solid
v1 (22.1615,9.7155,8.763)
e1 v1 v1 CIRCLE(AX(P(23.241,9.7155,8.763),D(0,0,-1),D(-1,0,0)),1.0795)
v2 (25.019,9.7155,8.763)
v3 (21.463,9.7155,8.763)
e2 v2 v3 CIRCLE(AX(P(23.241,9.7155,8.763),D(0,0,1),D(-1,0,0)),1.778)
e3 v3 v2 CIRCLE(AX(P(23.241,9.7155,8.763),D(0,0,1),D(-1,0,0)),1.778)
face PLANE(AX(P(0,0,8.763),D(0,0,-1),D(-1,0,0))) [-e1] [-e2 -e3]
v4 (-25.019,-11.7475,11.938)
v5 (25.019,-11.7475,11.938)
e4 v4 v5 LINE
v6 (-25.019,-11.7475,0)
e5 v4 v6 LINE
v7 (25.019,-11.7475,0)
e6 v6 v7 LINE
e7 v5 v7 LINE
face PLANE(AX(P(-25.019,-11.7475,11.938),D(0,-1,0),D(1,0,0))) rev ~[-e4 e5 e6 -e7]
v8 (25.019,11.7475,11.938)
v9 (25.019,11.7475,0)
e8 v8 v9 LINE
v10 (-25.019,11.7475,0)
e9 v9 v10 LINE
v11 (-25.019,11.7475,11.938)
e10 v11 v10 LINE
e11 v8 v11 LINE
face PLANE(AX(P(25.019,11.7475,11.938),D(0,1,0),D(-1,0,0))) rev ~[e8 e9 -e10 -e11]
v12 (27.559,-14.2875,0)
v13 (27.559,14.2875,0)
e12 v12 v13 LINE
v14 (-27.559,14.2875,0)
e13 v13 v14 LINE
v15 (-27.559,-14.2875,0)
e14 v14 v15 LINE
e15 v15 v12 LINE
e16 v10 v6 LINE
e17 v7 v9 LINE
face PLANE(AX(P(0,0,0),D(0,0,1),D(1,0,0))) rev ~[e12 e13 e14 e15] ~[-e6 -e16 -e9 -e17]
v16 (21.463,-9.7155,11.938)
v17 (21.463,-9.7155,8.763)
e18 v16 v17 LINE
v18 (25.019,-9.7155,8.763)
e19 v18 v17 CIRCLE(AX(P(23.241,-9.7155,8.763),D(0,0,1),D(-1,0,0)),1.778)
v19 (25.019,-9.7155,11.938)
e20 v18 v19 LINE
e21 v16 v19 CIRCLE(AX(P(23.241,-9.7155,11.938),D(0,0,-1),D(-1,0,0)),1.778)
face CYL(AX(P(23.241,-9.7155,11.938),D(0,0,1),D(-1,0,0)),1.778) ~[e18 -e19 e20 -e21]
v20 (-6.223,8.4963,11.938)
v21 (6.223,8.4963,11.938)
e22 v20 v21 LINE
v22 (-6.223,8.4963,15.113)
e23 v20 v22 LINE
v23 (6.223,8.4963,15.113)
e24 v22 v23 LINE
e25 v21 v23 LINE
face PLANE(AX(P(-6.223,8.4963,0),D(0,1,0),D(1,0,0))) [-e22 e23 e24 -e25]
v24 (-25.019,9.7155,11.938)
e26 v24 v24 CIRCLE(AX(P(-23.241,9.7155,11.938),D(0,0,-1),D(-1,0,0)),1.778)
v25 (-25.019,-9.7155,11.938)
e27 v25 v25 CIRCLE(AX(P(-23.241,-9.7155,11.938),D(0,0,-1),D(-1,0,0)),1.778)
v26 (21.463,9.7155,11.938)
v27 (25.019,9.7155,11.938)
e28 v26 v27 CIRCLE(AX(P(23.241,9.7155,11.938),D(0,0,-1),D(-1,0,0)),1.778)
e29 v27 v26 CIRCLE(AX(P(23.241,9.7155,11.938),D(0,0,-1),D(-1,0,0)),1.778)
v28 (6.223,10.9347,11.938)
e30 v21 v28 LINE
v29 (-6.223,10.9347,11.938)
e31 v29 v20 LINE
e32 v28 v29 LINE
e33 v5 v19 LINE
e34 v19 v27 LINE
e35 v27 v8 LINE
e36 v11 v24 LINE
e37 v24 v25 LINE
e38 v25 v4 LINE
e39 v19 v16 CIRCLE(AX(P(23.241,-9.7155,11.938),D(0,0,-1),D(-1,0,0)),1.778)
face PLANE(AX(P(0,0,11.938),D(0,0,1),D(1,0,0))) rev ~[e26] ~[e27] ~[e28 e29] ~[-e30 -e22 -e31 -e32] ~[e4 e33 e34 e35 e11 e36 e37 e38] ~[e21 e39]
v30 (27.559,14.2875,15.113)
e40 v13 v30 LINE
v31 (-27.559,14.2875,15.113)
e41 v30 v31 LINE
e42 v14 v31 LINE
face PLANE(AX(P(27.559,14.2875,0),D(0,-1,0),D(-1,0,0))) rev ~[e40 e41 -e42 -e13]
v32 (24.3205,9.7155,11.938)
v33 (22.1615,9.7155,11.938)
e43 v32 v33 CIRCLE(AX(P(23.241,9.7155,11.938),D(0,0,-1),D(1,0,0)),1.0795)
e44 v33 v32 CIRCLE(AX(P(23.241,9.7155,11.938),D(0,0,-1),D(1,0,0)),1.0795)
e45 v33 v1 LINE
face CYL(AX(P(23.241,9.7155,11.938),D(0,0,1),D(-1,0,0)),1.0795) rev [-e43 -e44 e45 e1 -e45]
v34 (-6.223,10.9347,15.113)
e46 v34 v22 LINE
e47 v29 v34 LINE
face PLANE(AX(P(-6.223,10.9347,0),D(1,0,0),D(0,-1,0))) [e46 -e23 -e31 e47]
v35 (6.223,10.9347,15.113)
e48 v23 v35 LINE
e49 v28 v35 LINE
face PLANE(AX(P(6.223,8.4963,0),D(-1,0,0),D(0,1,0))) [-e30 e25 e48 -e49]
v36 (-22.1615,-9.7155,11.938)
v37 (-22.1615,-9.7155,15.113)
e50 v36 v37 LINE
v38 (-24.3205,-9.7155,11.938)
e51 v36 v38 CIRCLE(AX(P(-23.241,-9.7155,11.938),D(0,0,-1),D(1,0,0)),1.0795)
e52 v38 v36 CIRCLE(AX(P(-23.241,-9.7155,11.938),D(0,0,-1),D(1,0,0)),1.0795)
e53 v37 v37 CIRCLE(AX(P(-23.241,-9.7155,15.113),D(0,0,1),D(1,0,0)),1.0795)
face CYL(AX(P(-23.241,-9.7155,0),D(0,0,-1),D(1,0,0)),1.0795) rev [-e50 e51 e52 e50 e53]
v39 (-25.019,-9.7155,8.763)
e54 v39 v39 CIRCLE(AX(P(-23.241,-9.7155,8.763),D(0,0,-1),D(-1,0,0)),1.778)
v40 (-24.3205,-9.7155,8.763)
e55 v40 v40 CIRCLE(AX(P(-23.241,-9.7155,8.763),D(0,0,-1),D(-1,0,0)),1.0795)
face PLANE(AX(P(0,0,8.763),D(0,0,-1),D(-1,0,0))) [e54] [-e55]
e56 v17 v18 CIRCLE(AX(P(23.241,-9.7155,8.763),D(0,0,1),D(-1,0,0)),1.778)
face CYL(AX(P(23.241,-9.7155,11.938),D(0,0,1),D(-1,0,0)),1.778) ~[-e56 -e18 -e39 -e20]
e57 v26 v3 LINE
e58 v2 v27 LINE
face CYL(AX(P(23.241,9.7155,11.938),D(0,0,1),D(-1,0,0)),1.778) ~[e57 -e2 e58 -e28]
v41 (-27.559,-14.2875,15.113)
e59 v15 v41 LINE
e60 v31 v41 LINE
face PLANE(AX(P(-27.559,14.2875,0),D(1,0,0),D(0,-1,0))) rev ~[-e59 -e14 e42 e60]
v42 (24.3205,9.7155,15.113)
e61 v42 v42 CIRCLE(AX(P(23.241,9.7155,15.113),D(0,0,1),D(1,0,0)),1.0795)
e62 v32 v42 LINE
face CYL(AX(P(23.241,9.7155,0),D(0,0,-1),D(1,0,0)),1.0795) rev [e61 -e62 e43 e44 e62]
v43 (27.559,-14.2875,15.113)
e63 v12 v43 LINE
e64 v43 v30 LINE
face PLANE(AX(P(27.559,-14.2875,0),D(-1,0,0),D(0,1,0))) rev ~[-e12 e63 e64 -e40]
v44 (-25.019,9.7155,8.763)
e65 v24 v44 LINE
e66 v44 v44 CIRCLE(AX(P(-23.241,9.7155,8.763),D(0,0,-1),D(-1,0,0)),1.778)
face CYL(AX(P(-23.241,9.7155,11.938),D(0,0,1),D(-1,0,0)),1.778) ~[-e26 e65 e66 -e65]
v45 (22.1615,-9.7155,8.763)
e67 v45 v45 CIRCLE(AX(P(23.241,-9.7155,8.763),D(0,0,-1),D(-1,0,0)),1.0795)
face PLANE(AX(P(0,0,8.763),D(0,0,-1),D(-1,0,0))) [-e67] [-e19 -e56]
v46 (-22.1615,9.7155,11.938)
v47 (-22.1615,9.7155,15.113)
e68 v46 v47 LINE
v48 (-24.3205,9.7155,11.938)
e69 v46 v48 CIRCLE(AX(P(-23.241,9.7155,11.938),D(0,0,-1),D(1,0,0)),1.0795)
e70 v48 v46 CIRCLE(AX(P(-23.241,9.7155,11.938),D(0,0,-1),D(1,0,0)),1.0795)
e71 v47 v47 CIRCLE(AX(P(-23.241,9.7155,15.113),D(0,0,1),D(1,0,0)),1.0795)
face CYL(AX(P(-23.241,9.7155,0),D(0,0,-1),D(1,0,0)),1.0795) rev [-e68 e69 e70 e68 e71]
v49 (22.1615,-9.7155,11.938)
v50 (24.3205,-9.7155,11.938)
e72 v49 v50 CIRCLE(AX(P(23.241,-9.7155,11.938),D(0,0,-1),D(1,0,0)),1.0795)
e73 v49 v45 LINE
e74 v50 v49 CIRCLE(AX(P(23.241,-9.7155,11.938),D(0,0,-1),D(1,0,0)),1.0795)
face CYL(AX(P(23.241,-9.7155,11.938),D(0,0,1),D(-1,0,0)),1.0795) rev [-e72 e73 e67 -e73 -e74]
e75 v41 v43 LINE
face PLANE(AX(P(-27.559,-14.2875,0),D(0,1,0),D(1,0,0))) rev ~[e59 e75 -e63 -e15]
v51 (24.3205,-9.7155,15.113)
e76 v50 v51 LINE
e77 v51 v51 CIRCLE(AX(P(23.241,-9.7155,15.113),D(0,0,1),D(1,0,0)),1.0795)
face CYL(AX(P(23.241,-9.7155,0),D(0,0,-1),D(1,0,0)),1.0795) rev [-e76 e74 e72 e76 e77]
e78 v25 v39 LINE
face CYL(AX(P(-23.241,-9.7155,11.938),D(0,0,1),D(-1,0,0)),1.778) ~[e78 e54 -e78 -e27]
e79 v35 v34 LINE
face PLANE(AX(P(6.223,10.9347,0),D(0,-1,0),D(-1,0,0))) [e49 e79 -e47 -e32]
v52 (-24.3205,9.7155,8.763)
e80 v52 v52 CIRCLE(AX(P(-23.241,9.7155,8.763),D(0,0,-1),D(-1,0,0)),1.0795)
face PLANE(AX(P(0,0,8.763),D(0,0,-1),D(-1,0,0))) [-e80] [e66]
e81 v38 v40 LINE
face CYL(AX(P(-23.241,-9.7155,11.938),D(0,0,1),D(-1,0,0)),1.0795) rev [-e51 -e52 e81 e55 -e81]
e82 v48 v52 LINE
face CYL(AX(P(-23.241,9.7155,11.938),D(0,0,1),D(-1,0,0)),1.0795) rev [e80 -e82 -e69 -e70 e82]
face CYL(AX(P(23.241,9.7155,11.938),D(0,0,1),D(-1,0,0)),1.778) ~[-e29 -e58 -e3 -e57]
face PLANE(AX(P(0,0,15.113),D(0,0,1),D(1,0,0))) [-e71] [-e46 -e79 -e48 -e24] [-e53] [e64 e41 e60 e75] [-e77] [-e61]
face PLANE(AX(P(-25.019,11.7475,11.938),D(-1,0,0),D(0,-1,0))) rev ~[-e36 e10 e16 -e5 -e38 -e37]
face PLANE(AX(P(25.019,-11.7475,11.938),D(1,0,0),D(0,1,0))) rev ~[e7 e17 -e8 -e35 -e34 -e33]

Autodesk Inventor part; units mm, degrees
ref_plane "YZ Plane" through (0, 0, 0) normal (1, 0, 0) x (0, 1, 0)
ref_plane "XZ Plane" through (0, 0, 0) normal (0, 1, 0) x (-1, 0, 0)
sketch "Sketch1" plane through (0, 0, 0) normal (0, 0, 1) x (1, 0, 0)
  line L0 (-27.559, -14.2875) -> (27.559, -14.2875)
  line L1 (27.559, -14.2875) -> (27.559, 14.2875)
  line L2 (27.559, 14.2875) -> (-27.559, 14.2875)
  line L3 (-27.559, 14.2875) -> (-27.559, -14.2875)
  line L4 (-27.559, -14.2875) -> (27.559, 14.2875) construction
  line L5 (27.559, -14.2875) -> (-27.559, 14.2875) construction
  line L6 (0, 0) -> (0, 51.7616) construction
  line L7 (-6.223, 8.4963) -> (6.223, 8.4963)
  line L8 (6.223, 8.4963) -> (6.223, 10.9347)
  line L9 (6.223, 10.9347) -> (-6.223, 10.9347)
  line L10 (-6.223, 10.9347) -> (-6.223, 8.4963)
  line L11 (-6.223, 8.4963) -> (6.223, 10.9347) construction
  line L12 (6.223, 8.4963) -> (-6.223, 10.9347) construction
  circle A0 centre (-23.241, 9.7155) radius 1.0795
  circle A1 centre (23.241, 9.7155) radius 1.0795
  circle A2 centre (-23.241, -9.7155) radius 1.0795
  circle A3 centre (23.241, -9.7155) radius 1.0795
  point P0 (0, 9.7155)
  dimension "d0" = 55.118
  dimension "d1" = 28.575
  dimension "d2" = 12.446
  dimension "d3" = 2.4384
  dimension "d11" = 4.572
  dimension "d12" = 2.159
  dimension "d13" = 2.159
  dimension "d14" = 4.318
  dimension "d15" = 4.318
  dimension "d16" = 2.159
  dimension "d17" = 4.572
  dimension "d18" = 2.159
ref_plane "Work Plane1" through (0, 0, 11.938) normal (0, 0, 1) x (1, 0, 0)
sketch "Sketch2" plane through (0, 0, 11.938) normal (0, 0, 1) x (1, 0, 0)
  line L0 (-25.019, -11.7475) -> (25.019, -11.7475)
  line L1 (25.019, -11.7475) -> (25.019, 11.7475)
  line L2 (25.019, 11.7475) -> (-25.019, 11.7475)
  line L3 (-25.019, 11.7475) -> (-25.019, -11.7475)
  line L4 (-25.019, -11.7475) -> (25.019, 11.7475) construction
  line L5 (25.019, -11.7475) -> (-25.019, 11.7475) construction
  line L6 (27.559, 14.2875) -> (-27.559, 14.2875) projected
  line L7 (-27.559, 14.2875) -> (-27.559, -14.2875) projected
  point P0 (0, 0)
  dimension "d7" = 2.54
  dimension "d8" = 2.54
extrude "Extrusion3" add sketch "Sketch1" along normal blind 15.113
ref_plane "Work Plane2" through (0, 0, 2.54) normal (0, 0, 1) x (1, 0, 0)
extrude "Extrusion6" cut sketch "Sketch2" against normal blind 12.573
sketch "Sketch4" plane through (0, 0, 11.938) normal (0, 0, -1) x (-1, 0, 0)
  circle A0 centre (-23.241, 9.7155) radius 1.0795 projected
  circle A1 centre (-23.241, 9.7155) radius 1.0795
  circle A2 centre (-23.241, 9.7155) radius 1.778
  line L0 (-25.019, -11.7475) -> (-25.019, 11.7475) projected
  circle A3 centre (23.241, 9.7155) radius 1.0795 projected
  circle A4 centre (23.241, 9.7155) radius 1.0795
  circle A5 centre (23.241, 9.7155) radius 1.778
  line L1 (25.019, 11.7475) -> (25.019, -11.7475) projected
  circle A6 centre (23.241, -9.7155) radius 1.0795 projected
  circle A7 centre (23.241, -9.7155) radius 1.0795
  circle A8 centre (23.241, -9.7155) radius 1.778
  circle A9 centre (-23.241, -9.7155) radius 1.0795 projected
  circle A10 centre (-23.241, -9.7155) radius 1.0795
  circle A11 centre (-23.241, -9.7155) radius 1.778
  point P0 (0, 0)
extrude "Extrusion7" add sketch "Sketch4" along normal blind 3.175
properties part number "Display"
